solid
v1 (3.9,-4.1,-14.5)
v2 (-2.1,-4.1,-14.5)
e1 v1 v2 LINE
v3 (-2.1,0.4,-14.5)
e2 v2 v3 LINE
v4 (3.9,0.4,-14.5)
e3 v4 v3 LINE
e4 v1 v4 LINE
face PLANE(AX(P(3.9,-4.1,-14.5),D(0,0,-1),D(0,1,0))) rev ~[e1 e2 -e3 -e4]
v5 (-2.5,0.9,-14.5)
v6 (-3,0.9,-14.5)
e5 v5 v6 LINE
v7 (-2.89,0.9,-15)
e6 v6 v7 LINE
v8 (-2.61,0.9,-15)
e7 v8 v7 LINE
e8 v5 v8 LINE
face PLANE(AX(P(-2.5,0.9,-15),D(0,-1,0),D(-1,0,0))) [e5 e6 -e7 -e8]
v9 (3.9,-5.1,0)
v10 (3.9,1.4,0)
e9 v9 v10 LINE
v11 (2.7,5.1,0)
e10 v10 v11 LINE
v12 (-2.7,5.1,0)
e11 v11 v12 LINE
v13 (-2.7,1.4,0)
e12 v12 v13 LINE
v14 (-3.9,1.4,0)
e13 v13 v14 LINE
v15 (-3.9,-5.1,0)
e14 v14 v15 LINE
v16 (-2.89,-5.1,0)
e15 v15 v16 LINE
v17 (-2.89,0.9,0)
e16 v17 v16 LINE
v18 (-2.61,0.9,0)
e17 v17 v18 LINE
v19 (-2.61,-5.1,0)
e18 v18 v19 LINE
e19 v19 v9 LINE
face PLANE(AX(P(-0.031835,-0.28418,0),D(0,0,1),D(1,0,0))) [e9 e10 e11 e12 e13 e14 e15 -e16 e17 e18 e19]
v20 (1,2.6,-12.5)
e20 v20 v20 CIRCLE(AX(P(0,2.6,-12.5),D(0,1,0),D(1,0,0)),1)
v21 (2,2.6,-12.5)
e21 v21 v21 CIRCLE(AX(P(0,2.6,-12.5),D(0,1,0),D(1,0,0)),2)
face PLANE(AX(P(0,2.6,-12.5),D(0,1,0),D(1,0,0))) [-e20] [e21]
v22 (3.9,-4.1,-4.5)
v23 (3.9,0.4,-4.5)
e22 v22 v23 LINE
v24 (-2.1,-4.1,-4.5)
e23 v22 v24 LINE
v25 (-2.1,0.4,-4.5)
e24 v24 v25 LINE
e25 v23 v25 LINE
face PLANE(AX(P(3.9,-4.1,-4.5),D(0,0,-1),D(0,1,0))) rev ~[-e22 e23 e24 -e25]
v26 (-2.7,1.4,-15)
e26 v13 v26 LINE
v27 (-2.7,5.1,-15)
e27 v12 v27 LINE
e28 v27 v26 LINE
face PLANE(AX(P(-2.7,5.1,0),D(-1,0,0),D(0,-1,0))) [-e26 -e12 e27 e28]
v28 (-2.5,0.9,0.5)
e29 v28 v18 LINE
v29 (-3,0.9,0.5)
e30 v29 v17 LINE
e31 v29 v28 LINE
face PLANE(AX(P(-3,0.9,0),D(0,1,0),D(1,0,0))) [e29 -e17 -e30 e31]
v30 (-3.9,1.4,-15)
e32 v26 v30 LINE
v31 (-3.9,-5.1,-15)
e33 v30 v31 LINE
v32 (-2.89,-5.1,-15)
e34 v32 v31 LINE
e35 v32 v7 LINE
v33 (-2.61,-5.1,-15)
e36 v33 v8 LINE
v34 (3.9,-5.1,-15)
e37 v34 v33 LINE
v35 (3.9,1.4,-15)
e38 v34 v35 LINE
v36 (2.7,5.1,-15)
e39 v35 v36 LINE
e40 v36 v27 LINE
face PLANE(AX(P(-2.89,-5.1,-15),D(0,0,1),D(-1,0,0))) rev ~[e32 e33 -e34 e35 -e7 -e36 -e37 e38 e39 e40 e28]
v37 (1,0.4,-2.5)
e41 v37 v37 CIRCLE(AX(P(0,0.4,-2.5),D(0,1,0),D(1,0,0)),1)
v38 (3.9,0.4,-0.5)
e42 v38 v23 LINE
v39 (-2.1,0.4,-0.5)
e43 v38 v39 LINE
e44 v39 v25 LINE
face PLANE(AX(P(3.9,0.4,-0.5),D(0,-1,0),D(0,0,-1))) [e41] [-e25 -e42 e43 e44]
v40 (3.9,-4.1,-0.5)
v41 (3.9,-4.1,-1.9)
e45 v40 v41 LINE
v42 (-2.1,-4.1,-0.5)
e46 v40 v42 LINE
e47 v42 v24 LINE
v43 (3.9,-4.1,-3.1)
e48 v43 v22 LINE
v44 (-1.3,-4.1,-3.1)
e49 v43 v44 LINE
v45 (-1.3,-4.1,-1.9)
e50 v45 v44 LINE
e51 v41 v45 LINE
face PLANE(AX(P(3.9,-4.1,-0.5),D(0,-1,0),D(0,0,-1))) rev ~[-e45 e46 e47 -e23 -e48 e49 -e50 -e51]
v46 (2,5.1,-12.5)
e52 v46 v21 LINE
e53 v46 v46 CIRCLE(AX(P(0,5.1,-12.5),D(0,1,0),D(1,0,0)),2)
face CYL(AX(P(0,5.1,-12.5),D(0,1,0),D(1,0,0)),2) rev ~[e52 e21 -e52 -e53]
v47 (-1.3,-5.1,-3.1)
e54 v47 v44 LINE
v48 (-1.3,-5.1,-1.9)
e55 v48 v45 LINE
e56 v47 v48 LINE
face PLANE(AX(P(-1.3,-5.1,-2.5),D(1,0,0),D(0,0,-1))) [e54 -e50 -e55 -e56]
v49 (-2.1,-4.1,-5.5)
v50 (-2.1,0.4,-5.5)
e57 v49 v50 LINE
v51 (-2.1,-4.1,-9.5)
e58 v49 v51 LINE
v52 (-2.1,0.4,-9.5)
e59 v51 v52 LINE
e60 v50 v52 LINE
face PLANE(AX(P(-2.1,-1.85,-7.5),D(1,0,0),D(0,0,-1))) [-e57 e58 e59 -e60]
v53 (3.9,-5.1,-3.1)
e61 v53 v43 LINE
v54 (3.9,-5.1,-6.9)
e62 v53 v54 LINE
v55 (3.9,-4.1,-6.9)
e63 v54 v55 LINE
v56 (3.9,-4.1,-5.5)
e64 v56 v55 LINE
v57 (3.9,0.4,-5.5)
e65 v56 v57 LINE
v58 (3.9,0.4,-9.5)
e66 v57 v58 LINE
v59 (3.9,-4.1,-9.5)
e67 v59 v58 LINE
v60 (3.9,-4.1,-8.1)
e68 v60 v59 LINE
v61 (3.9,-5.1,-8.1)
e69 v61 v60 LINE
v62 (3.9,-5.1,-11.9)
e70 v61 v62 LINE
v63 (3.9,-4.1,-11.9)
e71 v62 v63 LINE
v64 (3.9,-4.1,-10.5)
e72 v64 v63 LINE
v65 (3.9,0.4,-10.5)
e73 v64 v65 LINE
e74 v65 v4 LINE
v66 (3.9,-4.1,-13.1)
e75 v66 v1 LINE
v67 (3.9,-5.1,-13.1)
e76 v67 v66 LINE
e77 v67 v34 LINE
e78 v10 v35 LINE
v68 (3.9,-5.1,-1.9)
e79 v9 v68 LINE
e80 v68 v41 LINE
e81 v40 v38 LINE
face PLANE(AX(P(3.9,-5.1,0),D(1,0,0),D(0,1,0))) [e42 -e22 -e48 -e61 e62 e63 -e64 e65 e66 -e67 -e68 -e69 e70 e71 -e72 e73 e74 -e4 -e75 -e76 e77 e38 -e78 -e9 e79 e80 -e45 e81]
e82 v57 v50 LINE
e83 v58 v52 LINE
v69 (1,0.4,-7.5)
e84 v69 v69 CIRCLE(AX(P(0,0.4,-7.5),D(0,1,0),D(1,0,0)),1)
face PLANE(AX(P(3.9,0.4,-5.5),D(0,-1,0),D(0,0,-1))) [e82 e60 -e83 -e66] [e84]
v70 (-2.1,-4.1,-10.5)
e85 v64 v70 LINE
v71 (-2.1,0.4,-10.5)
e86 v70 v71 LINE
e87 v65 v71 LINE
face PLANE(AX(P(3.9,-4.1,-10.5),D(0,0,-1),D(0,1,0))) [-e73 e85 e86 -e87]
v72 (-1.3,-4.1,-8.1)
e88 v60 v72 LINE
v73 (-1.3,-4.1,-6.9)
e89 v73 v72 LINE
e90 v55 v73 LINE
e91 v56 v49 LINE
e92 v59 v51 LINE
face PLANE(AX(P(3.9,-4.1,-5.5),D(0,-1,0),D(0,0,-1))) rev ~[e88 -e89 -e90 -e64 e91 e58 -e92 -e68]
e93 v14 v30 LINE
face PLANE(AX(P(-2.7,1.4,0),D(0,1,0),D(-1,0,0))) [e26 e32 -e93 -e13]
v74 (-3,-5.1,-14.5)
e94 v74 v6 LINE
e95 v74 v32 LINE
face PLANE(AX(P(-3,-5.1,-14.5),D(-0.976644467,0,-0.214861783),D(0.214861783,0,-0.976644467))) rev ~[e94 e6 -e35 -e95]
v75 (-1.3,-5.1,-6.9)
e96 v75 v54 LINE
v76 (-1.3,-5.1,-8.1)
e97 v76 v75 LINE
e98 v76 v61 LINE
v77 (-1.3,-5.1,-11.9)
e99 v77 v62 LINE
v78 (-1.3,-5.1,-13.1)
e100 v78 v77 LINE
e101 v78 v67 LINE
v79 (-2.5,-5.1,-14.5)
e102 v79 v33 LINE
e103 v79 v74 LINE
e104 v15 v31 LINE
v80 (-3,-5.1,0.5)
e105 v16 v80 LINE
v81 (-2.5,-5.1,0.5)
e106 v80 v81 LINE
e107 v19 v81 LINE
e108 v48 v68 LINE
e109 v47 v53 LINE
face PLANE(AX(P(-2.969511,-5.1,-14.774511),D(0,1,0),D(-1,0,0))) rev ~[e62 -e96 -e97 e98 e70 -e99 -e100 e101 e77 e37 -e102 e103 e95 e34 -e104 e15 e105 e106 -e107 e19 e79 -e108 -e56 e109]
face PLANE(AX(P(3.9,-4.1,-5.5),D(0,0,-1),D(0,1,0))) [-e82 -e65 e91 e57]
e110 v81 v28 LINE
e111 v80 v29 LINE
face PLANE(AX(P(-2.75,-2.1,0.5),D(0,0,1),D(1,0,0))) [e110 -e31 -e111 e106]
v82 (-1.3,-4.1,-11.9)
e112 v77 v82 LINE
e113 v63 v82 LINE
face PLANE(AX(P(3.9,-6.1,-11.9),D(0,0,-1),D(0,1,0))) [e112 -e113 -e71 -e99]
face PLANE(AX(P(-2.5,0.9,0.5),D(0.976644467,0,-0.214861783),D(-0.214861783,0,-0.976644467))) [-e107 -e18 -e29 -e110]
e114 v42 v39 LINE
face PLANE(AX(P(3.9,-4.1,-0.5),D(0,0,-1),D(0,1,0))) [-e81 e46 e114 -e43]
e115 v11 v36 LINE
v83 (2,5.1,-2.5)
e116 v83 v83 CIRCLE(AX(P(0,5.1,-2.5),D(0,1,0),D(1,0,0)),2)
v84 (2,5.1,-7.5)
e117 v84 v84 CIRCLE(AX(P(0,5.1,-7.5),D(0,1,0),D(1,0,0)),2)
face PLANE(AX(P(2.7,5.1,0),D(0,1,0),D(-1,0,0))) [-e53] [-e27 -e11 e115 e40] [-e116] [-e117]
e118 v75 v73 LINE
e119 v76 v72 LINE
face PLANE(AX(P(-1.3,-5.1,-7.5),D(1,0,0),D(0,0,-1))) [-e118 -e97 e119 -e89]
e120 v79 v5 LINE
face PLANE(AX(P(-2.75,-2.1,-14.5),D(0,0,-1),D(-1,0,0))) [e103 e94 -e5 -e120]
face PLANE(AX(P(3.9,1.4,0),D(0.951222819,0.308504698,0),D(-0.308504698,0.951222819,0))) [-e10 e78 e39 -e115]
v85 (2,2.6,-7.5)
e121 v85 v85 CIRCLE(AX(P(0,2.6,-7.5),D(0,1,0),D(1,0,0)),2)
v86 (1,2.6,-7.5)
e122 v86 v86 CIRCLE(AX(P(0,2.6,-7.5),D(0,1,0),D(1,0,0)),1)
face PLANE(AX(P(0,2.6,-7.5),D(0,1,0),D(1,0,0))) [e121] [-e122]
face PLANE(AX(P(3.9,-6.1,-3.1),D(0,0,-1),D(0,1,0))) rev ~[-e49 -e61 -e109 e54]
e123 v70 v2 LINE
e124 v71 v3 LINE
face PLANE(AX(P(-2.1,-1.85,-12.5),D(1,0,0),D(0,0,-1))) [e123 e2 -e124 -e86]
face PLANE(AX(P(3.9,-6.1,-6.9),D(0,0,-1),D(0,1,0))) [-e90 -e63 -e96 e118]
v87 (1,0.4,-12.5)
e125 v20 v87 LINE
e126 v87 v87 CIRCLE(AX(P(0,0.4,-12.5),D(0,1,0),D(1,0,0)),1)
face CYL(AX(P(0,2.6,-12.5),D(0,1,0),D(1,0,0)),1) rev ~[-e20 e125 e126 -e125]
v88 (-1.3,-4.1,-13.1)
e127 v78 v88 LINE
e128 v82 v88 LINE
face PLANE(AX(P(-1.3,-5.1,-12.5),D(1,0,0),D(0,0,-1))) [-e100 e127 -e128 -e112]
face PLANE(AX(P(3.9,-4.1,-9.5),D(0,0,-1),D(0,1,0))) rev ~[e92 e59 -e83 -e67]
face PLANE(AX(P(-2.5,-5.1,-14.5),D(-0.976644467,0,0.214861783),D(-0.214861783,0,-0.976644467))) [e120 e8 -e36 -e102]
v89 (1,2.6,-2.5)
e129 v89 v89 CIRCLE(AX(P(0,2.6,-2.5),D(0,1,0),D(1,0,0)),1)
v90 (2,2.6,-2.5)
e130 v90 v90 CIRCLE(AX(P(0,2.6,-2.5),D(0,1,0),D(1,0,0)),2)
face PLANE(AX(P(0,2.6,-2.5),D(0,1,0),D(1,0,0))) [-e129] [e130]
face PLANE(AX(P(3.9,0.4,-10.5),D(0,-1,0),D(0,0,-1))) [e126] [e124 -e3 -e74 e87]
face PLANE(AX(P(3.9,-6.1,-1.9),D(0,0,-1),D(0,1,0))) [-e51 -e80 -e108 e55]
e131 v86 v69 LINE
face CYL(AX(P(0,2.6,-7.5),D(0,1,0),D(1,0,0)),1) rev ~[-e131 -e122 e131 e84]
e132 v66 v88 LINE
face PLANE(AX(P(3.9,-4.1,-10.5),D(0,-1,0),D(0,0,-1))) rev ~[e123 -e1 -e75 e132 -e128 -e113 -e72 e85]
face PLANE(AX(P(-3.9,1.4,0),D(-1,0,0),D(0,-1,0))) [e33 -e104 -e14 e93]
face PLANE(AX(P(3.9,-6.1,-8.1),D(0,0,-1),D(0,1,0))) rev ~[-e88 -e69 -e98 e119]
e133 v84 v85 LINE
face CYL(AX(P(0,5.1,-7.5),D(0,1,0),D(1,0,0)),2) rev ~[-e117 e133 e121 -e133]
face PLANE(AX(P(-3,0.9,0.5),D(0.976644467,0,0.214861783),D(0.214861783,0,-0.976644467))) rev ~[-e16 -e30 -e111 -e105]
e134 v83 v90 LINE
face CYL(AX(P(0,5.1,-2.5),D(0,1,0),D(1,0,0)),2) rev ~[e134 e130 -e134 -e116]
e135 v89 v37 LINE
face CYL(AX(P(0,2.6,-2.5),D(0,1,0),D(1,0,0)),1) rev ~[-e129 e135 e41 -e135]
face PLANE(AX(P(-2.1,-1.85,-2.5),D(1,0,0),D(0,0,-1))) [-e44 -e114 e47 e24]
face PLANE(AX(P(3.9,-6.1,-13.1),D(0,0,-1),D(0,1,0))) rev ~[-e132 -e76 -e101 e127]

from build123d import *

# Parameters (mm, degrees)
BOSS_EXTRUDE1_DEPTH = 15
SKETCH3_R           = 2
CUT_EXTRUDE2_DEPTH  = 2.5
SKETCH4_R           = 1
CUT_EXTRUDE3_DEPTH  = 3
SKETCH2_W           = 4
SKETCH2_H           = 4.5
CUT_EXTRUDE1_DEPTH  = 6
SKETCH5_W           = 1.2
SKETCH5_H           = 2
CUT_EXTRUDE4_DEPTH  = 5.2
SKETCH6_W           = 0.5
SKETCH6_H           = 6
BOSS_EXTRUDE2_DEPTH = 0.5
SKETCH7_W           = 0.5
SKETCH7_H           = 6
CUT_EXTRUDE5_DEPTH  = 0.5
LPATTERN1_COUNT     = 3
LPATTERN1_PITCH     = 5
CUT_EXTRUDE6_DEPTH  = 10
BOSS_EXTRUDE3_DEPTH = 6


with BuildPart() as part:
    # Sketch1 → Boss-Extrude1 (new body)
    with BuildSketch(Plane.XY):
        Polygon((2.7, 5.1), (-2.7, 5.1), (-2.7, 1.4), (-3.9, 1.4), (-3.9, -5.1), (3.9, -5.1), (3.9, 1.4), align=None)
    extrude(amount=-BOSS_EXTRUDE1_DEPTH)

    # Sketch3 → Cut-Extrude2 (cut)
    with BuildSketch(Plane(origin=(0, 5.1, 0), x_dir=(1, 0, 0), z_dir=(0, 1, 0))):
        with Locations((0, 2.5)):
            Circle(SKETCH3_R)
        with Locations((0, 7.5)):
            Circle(SKETCH3_R)
        with Locations((0, 12.5)):
            Circle(SKETCH3_R)
    extrude(amount=-CUT_EXTRUDE2_DEPTH, mode=Mode.SUBTRACT)

    # Sketch4 → Cut-Extrude3 (cut)
    with BuildSketch(Plane(origin=(0, 2.6, 0), x_dir=(1, 0, 0), z_dir=(0, 1, 0))):
        with Locations((0, 2.5)):
            Circle(SKETCH4_R)
        with Locations((0, 7.5)):
            Circle(SKETCH4_R)
        with Locations((0, 12.5)):
            Circle(SKETCH4_R)
    extrude(amount=-CUT_EXTRUDE3_DEPTH, mode=Mode.SUBTRACT)

    # Sketch2 → Cut-Extrude1 (cut)
    with BuildSketch(Plane(origin=(3.9, 0, 0), x_dir=(0, 0, -1), z_dir=(1, 0, 0))):
        with Locations((2.5, -1.85)):
            Rectangle(SKETCH2_W, SKETCH2_H)
    cut_extrude1 = extrude(amount=-CUT_EXTRUDE1_DEPTH, mode=Mode.SUBTRACT)

    # Sketch5 → Cut-Extrude4 (cut)
    with BuildSketch(Plane(origin=(3.9, 0, 0), x_dir=(0, 0, -1), z_dir=(1, 0, 0))):
        with Locations((2.5, -5.1)):
            Rectangle(SKETCH5_W, SKETCH5_H)
    cut_extrude4 = extrude(amount=-CUT_EXTRUDE4_DEPTH, mode=Mode.SUBTRACT)

    # Sketch6 → Boss-Extrude2 (add)
    with BuildSketch(Plane.XY):
        with Locations((-2.75, -2.1)):
            Rectangle(SKETCH6_W, SKETCH6_H)
    extrude(amount=BOSS_EXTRUDE2_DEPTH)

    # Sketch7 → Cut-Extrude5 (cut)
    with BuildSketch(Plane(origin=(0, 0, -15), x_dir=(-1, 0, 0), z_dir=(0, 0, -1))):
        with Locations((2.75, -2.1)):
            Rectangle(SKETCH7_W, SKETCH7_H)
    extrude(amount=-CUT_EXTRUDE5_DEPTH, mode=Mode.SUBTRACT)

    # LPattern1: Cut-Extrude1, Cut-Extrude4 ×3
    with Locations(*[(0, 0, -i * LPATTERN1_PITCH) for i in range(1, LPATTERN1_COUNT)]):
        add(cut_extrude1, mode=Mode.SUBTRACT)
        add(cut_extrude4, mode=Mode.SUBTRACT)

    # Sketch8 → Cut-Extrude6 (cut)
    with BuildSketch(Plane(origin=(0, 0.9, 0), x_dir=(1, 0, 0), z_dir=(0, 1, 0))):
        Polygon((-3, -0.5), (-2.89, 0), (-3, 0), align=None)
        Polygon((-2.5, -0.5), (-2.61, 0), (-2.5, 0), align=None)
    extrude(amount=-CUT_EXTRUDE6_DEPTH, mode=Mode.SUBTRACT)

    # Sketch9 → Boss-Extrude3 (add)
    with BuildSketch(Plane.XZ.offset(5.1)):
        Polygon((-3, -14.5), (-2.89, -15), (-3, -15), align=None)
        Polygon((-2.5, -14.5), (-2.61, -15), (-2.5, -15), align=None)
    extrude(amount=-BOSS_EXTRUDE3_DEPTH)


solid = part.part
